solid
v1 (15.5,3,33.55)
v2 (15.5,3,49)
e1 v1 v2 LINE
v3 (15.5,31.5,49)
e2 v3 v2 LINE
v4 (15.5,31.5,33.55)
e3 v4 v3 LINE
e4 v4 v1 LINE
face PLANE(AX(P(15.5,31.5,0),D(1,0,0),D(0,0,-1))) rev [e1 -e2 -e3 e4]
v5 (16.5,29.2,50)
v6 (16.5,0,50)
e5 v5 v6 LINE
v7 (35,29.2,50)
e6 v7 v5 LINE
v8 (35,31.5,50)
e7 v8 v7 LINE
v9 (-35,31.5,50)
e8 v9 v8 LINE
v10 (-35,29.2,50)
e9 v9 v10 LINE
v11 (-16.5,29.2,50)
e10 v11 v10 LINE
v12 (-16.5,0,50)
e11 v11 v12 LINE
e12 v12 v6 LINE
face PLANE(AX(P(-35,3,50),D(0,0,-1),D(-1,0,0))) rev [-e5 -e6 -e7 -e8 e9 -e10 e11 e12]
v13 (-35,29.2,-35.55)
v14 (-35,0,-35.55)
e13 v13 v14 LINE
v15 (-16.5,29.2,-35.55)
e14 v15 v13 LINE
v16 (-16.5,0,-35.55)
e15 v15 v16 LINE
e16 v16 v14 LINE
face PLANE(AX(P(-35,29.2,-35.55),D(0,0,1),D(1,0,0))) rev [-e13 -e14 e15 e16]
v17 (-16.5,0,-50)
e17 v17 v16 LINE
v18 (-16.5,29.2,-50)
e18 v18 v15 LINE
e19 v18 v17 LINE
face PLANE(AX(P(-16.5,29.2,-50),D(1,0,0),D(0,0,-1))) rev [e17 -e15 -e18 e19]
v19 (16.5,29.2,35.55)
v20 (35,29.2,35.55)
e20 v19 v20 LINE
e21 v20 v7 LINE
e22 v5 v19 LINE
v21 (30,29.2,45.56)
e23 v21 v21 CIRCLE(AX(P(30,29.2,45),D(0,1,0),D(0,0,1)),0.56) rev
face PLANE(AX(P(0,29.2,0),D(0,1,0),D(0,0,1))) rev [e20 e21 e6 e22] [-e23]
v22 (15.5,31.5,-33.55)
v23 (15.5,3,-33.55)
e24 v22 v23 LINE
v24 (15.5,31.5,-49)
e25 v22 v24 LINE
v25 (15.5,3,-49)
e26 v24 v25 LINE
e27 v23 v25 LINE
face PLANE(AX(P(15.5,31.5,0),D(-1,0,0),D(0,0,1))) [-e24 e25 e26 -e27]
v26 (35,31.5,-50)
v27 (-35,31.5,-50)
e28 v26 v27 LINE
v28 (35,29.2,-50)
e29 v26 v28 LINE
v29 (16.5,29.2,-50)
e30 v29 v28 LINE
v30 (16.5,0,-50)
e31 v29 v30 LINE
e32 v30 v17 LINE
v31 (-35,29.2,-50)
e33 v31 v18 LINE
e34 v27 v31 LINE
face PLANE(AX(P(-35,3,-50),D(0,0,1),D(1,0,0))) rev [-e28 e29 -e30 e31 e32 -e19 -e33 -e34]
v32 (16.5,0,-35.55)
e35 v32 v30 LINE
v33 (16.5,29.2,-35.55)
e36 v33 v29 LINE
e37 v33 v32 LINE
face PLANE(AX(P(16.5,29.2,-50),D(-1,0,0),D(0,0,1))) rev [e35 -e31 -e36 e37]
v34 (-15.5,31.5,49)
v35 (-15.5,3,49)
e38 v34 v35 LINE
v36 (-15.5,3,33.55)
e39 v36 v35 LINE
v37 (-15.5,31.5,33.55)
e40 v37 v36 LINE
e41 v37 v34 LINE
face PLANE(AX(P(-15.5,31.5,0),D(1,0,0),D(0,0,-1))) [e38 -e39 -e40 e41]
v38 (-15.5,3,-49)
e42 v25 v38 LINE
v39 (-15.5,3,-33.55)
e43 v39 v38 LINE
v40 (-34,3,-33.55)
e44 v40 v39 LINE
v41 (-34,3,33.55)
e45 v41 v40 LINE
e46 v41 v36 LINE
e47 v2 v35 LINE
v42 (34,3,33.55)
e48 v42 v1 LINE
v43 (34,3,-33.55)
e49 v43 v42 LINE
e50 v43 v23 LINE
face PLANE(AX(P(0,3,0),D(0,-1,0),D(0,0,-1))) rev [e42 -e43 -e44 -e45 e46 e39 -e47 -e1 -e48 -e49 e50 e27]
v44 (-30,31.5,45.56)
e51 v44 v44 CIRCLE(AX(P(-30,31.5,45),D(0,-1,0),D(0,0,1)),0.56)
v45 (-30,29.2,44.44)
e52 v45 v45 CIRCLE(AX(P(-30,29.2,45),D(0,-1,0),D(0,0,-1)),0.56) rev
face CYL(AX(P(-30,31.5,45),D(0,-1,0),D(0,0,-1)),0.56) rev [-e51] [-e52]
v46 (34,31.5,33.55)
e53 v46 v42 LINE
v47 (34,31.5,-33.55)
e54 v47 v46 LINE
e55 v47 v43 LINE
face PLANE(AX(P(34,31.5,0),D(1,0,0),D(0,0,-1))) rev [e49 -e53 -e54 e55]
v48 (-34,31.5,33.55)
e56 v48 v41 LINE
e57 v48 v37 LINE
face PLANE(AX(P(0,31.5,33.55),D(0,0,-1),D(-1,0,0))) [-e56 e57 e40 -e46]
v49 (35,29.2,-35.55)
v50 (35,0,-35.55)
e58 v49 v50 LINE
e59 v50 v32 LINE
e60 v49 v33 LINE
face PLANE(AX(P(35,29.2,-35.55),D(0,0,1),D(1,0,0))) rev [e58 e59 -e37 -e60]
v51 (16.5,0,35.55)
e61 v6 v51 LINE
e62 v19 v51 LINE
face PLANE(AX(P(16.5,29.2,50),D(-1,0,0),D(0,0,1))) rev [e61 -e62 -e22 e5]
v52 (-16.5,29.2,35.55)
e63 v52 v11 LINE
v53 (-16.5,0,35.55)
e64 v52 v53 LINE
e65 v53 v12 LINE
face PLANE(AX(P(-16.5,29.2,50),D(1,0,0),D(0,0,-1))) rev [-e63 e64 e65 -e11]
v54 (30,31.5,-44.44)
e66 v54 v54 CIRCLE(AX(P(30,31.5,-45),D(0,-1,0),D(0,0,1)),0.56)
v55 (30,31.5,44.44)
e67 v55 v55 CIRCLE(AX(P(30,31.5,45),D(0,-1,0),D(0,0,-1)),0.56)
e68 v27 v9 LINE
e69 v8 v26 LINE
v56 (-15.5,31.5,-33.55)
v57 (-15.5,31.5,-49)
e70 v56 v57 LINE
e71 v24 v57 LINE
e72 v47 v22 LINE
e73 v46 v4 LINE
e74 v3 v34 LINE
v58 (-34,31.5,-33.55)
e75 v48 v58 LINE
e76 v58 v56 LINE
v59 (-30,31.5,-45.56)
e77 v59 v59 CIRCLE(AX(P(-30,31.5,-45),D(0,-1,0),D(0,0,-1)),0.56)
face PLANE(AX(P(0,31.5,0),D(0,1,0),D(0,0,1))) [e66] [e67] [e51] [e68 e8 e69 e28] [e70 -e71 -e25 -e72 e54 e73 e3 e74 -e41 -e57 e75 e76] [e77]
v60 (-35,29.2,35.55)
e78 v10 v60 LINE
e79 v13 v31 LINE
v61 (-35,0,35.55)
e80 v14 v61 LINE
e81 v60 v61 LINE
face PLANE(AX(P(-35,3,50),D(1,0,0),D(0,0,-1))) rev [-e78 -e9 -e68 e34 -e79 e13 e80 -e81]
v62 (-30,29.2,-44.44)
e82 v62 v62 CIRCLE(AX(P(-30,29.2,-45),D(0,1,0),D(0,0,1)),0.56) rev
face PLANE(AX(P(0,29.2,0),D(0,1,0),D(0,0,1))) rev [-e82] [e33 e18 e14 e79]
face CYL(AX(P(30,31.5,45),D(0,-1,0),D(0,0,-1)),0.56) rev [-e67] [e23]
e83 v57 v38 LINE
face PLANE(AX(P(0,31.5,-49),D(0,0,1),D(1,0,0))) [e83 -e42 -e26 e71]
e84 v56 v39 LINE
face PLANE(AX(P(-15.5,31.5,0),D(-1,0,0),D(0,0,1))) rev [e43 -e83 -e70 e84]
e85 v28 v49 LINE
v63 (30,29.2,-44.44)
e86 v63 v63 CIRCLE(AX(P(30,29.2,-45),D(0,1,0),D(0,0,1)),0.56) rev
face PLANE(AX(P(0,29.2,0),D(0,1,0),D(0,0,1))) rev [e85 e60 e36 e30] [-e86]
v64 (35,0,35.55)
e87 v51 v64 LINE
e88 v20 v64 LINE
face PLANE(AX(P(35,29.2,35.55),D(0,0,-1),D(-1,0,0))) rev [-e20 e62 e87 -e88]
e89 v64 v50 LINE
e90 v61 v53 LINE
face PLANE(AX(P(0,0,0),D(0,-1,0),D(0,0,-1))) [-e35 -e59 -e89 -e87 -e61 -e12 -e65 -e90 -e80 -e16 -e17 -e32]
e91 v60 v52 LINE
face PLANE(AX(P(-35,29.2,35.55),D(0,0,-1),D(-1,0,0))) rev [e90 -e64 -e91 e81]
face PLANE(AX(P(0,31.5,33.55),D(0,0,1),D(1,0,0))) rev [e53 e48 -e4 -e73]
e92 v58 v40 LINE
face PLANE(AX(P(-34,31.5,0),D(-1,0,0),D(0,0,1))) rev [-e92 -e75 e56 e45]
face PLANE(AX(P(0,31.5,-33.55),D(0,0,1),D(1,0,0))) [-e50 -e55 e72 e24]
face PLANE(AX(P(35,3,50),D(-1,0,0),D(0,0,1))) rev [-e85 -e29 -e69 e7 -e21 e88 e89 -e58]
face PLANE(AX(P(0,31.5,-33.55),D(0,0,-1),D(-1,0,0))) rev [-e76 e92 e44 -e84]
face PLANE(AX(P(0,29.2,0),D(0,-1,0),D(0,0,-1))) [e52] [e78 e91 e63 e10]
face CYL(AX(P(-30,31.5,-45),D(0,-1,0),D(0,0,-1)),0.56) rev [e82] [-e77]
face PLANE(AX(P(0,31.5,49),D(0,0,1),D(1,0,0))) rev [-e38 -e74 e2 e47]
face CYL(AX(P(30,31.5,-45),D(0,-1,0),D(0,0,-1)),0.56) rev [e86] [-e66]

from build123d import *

# Parameters (mm, degrees)
CROQUIS1_W              = 70
CROQUIS1_H              = 100
SALIENTE_EXTRUIR1_DEPTH = 3
CROQUIS2_W              = 70
CROQUIS2_H              = 100
SALIENTE_EXTRUIR2_DEPTH = 28.5
CROQUIS3_R              = 0.56
CORTAR_EXTRUIR1_DEPTH   = 69.682239334
CROQUIS4_W              = 18.5
CROQUIS4_H              = 14.45
CORTAR_EXTRUIR2_DEPTH   = 29.2


with BuildPart() as part:
    # Croquis1 → Saliente-Extruir1 (new body)
    with BuildSketch(Plane(origin=(0, 0, 0), x_dir=(1, 0, 0), z_dir=(0, 1, 0))):
        Rectangle(CROQUIS1_W, CROQUIS1_H)
    extrude(amount=SALIENTE_EXTRUIR1_DEPTH)

    # Croquis2 → Saliente-Extruir2 (add)
    with BuildSketch(Plane(origin=(0, 3, 0), x_dir=(1, 0, 0), z_dir=(0, 1, 0))):
        Rectangle(CROQUIS2_W, CROQUIS2_H)
        Polygon((-34, 33.55), (-15.5, 33.55), (-15.5, 49), (15.5, 49), (15.5, 33.55), (34, 33.55), (34, -33.55), (15.5, -33.55), (15.5, -49), (-15.5, -49), (-15.5, -33.55), (-34, -33.55), align=None, mode=Mode.SUBTRACT)
    extrude(amount=SALIENTE_EXTRUIR2_DEPTH)

    # Croquis3 → Cortar-Extruir1 (cut, through all)
    with BuildSketch(Plane.XZ):
        with Locations(Location((-30, -45, 0), (0, 0, 270))):
            Circle(CROQUIS3_R)
        with Locations(Location((-30, 45, 0), (0, 0, 90))):
            Circle(CROQUIS3_R)
        with Locations(Location((30, -45, 0), (0, 0, 90))):
            Circle(CROQUIS3_R)
        with Locations(Location((30, 45, 0), (0, 0, 270))):
            Circle(CROQUIS3_R)
    extrude(amount=-CORTAR_EXTRUIR1_DEPTH, mode=Mode.SUBTRACT)

    # Croquis4 → Cortar-Extruir2 (cut)
    with BuildSketch(Plane.XZ):
        with Locations((-25.75, 42.775)):
            Rectangle(CROQUIS4_W, CROQUIS4_H)
        with Locations((25.75, 42.775)):
            Rectangle(CROQUIS4_W, CROQUIS4_H)
        with Locations((25.75, -42.775)):
            Rectangle(CROQUIS4_W, CROQUIS4_H)
        with Locations((-25.75, -42.775)):
            Rectangle(CROQUIS4_W, CROQUIS4_H)
    extrude(amount=-CORTAR_EXTRUIR2_DEPTH, mode=Mode.SUBTRACT)


solid = part.part
